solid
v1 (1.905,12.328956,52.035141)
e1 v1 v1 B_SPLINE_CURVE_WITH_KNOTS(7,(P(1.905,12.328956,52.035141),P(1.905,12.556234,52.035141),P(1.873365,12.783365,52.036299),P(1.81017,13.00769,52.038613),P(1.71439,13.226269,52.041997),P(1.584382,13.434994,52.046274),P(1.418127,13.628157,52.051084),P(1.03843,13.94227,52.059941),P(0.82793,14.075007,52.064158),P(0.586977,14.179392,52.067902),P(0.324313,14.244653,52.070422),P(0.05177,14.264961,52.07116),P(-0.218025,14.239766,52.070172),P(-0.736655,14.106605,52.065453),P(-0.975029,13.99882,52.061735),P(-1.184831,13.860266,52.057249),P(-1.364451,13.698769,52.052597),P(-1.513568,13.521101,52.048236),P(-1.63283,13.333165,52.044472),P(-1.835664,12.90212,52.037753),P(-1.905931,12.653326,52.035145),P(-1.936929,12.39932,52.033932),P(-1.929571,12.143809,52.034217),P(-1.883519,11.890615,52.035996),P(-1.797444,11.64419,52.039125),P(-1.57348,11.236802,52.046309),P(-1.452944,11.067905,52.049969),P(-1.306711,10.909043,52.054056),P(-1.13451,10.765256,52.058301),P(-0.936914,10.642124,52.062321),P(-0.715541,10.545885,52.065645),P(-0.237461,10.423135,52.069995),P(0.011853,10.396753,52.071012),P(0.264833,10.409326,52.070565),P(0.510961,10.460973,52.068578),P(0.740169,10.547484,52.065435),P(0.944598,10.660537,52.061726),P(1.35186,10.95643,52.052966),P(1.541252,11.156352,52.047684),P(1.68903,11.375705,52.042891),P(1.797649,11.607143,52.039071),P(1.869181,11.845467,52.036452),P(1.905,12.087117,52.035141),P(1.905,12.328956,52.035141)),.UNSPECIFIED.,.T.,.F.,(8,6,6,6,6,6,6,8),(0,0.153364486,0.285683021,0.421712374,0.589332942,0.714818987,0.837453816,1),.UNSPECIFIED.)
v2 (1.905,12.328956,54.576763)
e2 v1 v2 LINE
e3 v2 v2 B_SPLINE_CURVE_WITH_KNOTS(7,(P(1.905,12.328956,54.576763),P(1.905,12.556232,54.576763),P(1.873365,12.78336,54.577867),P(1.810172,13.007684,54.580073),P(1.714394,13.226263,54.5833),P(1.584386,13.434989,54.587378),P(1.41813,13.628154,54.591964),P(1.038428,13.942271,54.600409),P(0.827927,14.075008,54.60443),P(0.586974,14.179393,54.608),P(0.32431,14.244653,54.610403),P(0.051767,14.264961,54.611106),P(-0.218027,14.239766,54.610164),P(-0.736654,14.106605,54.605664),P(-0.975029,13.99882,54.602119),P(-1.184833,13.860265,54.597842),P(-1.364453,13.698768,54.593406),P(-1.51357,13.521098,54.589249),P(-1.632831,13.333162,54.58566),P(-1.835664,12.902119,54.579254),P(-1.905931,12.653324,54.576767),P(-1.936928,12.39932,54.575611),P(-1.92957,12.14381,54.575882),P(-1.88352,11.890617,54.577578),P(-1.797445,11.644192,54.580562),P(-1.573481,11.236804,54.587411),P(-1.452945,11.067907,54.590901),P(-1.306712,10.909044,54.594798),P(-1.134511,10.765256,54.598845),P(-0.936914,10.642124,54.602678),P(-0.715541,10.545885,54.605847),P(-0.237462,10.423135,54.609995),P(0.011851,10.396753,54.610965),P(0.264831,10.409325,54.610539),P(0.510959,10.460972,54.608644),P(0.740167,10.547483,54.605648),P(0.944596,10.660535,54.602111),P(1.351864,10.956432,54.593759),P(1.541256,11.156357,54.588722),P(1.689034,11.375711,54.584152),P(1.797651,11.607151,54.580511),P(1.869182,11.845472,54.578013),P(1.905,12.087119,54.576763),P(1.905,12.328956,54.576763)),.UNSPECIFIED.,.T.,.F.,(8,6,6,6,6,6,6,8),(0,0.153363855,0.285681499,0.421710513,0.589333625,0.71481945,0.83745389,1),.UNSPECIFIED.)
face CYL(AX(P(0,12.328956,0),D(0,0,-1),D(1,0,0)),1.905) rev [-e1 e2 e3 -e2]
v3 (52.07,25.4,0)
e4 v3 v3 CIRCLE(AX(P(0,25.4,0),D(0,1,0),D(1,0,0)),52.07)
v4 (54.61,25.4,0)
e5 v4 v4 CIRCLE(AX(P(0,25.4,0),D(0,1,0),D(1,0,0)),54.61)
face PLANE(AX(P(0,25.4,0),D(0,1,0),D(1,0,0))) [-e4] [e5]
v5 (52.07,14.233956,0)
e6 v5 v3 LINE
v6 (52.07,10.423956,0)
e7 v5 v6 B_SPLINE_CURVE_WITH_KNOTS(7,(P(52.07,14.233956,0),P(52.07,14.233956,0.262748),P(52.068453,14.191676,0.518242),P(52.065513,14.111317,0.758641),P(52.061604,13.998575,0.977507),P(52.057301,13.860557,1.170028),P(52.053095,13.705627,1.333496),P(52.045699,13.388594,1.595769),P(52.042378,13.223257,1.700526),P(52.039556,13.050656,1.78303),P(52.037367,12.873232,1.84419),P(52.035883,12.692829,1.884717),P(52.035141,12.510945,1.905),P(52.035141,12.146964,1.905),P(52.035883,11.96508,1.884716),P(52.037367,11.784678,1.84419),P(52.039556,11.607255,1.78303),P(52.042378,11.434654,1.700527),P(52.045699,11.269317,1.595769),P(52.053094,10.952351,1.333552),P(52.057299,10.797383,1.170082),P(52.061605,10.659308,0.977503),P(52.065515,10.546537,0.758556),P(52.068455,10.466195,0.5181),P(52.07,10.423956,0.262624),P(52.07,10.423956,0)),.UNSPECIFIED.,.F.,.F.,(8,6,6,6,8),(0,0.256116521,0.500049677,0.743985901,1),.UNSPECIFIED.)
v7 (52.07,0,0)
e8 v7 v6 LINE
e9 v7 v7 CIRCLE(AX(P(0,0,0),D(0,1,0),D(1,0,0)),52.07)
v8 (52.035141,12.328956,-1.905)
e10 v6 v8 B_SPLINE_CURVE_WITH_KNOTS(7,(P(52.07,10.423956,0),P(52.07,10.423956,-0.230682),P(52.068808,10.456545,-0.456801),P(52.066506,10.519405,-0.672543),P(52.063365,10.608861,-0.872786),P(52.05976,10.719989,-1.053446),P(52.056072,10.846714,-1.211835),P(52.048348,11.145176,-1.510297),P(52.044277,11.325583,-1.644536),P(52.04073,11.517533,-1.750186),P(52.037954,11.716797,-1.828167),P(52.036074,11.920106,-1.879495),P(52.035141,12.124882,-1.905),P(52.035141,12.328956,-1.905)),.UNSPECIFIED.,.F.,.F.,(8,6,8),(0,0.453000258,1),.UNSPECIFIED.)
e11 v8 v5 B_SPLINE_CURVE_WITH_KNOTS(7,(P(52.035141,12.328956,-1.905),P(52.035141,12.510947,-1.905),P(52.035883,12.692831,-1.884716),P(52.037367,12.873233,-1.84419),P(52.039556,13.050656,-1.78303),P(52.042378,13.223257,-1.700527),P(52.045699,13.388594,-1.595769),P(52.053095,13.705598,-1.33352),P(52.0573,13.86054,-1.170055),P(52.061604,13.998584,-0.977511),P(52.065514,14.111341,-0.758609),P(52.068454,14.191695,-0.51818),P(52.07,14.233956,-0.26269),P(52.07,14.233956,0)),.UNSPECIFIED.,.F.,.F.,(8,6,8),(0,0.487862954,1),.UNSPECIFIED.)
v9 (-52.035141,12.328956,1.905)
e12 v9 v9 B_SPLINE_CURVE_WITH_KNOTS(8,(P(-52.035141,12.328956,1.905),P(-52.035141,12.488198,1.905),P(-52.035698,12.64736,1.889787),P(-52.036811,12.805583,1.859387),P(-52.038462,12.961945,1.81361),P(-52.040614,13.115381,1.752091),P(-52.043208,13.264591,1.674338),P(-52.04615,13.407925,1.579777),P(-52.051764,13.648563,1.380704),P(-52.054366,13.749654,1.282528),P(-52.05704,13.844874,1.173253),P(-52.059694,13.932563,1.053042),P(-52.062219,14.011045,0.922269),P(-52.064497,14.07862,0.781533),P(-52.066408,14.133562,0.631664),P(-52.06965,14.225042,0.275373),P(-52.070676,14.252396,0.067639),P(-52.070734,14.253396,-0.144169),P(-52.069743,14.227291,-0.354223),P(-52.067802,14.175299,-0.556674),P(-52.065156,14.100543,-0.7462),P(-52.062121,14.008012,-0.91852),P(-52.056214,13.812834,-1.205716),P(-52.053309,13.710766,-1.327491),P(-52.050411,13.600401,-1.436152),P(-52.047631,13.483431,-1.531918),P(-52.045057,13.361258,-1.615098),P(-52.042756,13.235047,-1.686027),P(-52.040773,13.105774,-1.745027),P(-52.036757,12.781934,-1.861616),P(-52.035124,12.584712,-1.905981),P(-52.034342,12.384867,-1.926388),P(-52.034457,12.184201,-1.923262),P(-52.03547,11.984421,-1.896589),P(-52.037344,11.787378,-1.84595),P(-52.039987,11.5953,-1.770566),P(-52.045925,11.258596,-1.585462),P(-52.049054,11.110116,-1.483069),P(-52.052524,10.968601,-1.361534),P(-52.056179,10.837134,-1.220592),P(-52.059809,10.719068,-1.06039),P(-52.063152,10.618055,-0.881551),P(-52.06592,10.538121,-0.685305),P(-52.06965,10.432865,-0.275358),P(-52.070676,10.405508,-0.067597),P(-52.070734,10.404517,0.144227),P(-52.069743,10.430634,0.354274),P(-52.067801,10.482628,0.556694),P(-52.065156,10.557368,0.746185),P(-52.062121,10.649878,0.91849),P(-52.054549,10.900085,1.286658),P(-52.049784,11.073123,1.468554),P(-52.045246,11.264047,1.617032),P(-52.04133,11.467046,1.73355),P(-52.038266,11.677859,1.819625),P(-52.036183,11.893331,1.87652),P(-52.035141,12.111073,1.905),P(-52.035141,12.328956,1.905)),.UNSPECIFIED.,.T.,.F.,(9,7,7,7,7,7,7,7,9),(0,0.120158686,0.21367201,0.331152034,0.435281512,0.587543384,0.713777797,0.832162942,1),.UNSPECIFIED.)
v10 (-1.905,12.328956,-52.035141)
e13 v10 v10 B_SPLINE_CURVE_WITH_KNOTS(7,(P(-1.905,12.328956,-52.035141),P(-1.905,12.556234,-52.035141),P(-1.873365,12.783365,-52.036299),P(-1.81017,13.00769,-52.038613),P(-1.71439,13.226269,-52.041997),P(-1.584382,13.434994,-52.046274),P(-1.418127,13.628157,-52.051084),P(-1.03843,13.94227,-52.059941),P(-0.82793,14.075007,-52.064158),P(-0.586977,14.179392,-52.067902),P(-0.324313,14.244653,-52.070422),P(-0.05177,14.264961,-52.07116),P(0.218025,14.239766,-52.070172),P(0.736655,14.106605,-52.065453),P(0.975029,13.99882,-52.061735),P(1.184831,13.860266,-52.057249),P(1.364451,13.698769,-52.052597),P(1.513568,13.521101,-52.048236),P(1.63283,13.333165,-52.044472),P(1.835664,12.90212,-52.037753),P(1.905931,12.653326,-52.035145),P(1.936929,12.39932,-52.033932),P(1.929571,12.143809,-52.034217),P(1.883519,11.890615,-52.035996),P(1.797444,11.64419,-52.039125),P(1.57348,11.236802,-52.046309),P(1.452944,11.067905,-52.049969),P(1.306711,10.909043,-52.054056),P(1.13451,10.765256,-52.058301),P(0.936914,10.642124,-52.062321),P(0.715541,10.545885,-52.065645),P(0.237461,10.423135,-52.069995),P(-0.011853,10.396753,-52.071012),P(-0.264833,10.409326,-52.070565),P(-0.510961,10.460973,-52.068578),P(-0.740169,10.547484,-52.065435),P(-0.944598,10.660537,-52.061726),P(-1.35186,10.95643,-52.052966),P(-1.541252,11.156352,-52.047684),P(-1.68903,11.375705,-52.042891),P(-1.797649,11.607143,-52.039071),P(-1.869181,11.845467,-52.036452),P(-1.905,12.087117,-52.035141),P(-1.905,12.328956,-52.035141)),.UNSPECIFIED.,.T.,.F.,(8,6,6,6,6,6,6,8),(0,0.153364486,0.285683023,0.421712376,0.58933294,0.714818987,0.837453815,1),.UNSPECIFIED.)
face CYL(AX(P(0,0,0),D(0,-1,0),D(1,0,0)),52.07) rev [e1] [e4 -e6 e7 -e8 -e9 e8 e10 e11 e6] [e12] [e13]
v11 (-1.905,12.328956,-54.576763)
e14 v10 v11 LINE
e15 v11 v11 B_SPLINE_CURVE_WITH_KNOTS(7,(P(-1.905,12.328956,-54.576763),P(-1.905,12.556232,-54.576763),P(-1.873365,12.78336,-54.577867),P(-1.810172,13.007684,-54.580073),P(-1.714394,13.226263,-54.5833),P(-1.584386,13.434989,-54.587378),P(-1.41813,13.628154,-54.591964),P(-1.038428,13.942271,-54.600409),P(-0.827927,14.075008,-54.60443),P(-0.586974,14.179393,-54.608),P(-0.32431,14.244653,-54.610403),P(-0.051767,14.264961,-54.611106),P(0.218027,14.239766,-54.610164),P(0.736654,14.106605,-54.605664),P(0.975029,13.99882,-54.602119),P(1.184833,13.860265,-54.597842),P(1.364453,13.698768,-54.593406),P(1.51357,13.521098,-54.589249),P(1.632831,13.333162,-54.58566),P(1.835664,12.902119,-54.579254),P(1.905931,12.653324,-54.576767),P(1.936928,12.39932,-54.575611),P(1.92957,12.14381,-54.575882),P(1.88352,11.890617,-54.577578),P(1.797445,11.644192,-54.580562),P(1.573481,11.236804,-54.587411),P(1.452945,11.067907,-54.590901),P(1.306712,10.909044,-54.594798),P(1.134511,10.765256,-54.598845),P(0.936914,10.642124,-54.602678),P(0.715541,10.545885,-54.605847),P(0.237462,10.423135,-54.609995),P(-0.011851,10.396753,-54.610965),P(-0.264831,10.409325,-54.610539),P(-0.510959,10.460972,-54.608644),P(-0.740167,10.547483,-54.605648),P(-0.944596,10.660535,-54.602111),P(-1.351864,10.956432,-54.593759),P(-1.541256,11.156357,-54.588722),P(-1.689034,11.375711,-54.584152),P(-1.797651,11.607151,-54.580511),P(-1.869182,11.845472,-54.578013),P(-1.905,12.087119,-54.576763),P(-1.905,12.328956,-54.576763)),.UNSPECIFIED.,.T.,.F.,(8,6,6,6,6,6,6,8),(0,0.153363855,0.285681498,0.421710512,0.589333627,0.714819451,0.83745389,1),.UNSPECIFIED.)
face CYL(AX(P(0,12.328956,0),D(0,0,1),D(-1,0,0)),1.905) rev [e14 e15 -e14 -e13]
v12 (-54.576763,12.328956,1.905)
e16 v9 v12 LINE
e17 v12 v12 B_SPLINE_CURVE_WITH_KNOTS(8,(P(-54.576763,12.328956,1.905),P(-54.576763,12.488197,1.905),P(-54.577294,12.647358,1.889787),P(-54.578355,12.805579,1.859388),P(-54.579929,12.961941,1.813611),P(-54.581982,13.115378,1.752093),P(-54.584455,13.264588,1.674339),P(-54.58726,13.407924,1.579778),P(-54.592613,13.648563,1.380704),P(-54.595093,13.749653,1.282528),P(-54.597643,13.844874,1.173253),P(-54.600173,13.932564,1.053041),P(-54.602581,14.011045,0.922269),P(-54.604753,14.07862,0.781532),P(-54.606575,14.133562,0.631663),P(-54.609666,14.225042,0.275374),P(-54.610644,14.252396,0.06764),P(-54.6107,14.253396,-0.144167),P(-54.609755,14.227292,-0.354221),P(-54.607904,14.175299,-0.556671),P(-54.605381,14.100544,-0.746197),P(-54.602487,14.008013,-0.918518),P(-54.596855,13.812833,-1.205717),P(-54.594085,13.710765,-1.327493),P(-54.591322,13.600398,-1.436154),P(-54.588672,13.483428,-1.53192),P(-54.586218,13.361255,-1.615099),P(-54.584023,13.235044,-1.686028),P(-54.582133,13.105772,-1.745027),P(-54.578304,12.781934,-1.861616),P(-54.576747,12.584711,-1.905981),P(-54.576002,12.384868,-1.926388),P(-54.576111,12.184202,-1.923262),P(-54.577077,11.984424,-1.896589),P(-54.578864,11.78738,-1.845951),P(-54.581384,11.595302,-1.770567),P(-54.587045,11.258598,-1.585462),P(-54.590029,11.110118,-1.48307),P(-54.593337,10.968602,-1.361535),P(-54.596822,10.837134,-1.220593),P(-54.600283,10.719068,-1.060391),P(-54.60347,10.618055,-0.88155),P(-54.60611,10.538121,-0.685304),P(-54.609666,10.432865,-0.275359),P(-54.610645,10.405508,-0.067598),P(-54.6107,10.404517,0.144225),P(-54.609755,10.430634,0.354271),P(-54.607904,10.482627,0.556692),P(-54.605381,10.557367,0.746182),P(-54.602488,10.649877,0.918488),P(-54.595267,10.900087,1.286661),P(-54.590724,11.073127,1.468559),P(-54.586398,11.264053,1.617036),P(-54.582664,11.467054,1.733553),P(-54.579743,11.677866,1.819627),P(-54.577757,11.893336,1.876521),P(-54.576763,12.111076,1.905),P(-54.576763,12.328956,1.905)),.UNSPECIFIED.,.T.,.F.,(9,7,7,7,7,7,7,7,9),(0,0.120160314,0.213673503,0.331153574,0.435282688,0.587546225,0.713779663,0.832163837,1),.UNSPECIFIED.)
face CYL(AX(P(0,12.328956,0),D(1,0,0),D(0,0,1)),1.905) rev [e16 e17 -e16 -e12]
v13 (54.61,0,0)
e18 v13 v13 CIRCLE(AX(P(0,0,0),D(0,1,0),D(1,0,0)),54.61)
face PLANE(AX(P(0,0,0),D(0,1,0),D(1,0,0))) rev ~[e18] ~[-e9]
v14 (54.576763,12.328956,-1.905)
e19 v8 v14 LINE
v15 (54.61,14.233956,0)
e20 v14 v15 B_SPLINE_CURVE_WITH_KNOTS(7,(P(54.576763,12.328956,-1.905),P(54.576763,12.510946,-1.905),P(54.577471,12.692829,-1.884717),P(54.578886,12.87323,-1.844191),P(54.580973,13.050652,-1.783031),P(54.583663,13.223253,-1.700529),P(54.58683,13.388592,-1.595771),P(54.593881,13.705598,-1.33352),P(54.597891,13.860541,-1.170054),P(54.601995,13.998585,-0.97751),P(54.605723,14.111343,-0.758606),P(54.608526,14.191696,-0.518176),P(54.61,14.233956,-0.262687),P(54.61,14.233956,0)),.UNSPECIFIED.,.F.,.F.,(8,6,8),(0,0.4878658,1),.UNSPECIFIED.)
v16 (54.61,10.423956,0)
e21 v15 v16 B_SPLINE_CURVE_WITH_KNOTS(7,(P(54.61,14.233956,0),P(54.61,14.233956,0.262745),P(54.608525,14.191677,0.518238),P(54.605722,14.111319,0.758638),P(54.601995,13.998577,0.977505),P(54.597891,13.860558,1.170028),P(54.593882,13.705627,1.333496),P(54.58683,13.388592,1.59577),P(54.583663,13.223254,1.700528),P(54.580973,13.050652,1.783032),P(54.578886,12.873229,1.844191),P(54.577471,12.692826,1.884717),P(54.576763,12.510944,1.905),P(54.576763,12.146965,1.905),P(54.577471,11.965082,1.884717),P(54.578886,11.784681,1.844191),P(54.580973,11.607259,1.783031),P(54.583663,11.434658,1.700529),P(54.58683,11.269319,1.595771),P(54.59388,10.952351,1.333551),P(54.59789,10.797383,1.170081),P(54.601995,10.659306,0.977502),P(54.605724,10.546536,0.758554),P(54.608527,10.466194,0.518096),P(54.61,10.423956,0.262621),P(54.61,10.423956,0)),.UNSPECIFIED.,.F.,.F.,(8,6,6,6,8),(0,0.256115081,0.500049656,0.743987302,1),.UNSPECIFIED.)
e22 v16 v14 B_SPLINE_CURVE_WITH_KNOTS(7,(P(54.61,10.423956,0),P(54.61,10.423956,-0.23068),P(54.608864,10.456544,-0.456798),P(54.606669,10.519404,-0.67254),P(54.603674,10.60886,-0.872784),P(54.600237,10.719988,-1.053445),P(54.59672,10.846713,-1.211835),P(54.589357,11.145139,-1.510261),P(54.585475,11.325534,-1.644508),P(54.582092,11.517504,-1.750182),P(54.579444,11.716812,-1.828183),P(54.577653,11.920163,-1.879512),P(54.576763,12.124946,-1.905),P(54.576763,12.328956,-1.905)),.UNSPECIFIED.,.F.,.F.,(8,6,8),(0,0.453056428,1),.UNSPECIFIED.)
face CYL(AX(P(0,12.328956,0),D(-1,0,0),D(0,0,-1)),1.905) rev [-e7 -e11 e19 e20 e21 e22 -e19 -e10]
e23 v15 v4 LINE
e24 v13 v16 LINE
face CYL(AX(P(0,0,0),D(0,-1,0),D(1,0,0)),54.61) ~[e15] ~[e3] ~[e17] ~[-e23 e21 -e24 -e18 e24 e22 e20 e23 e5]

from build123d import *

# Parameters (mm, degrees)
SKETCH1_R           = 54.61
SKETCH1_R_2         = 52.07
BOSS_EXTRUDE1_DEPTH = 25.4
SKETCH3_R           = 1.905
CUT_EXTRUDE1_DEPTH  = 55.61
CIRPATTERN1_COUNT   = 4


with BuildPart() as part:
    # Sketch1 → Boss-Extrude1 (new body)
    with BuildSketch(Plane(origin=(0, 0, 0), x_dir=(1, 0, 0), z_dir=(0, 1, 0))):
        Circle(SKETCH1_R)
        Circle(SKETCH1_R_2, mode=Mode.SUBTRACT)
    extrude(amount=BOSS_EXTRUDE1_DEPTH)

    # Sketch3 → Cut-Extrude1 (cut, through all)
    with BuildSketch(Plane.XY):
        with Locations((0, 12.328955527)):
            Circle(SKETCH3_R)
    cut_extrude1 = extrude(amount=CUT_EXTRUDE1_DEPTH, mode=Mode.SUBTRACT)

    # CirPattern1: Cut-Extrude1 ×4 about axis
    cirpattern1_axis = Axis((0, 25.4, 0), (0, 1, 0))
    for i in range(1, CIRPATTERN1_COUNT):
        add(cut_extrude1.rotate(cirpattern1_axis, i * 360 / CIRPATTERN1_COUNT), mode=Mode.SUBTRACT)


solid = part.part
